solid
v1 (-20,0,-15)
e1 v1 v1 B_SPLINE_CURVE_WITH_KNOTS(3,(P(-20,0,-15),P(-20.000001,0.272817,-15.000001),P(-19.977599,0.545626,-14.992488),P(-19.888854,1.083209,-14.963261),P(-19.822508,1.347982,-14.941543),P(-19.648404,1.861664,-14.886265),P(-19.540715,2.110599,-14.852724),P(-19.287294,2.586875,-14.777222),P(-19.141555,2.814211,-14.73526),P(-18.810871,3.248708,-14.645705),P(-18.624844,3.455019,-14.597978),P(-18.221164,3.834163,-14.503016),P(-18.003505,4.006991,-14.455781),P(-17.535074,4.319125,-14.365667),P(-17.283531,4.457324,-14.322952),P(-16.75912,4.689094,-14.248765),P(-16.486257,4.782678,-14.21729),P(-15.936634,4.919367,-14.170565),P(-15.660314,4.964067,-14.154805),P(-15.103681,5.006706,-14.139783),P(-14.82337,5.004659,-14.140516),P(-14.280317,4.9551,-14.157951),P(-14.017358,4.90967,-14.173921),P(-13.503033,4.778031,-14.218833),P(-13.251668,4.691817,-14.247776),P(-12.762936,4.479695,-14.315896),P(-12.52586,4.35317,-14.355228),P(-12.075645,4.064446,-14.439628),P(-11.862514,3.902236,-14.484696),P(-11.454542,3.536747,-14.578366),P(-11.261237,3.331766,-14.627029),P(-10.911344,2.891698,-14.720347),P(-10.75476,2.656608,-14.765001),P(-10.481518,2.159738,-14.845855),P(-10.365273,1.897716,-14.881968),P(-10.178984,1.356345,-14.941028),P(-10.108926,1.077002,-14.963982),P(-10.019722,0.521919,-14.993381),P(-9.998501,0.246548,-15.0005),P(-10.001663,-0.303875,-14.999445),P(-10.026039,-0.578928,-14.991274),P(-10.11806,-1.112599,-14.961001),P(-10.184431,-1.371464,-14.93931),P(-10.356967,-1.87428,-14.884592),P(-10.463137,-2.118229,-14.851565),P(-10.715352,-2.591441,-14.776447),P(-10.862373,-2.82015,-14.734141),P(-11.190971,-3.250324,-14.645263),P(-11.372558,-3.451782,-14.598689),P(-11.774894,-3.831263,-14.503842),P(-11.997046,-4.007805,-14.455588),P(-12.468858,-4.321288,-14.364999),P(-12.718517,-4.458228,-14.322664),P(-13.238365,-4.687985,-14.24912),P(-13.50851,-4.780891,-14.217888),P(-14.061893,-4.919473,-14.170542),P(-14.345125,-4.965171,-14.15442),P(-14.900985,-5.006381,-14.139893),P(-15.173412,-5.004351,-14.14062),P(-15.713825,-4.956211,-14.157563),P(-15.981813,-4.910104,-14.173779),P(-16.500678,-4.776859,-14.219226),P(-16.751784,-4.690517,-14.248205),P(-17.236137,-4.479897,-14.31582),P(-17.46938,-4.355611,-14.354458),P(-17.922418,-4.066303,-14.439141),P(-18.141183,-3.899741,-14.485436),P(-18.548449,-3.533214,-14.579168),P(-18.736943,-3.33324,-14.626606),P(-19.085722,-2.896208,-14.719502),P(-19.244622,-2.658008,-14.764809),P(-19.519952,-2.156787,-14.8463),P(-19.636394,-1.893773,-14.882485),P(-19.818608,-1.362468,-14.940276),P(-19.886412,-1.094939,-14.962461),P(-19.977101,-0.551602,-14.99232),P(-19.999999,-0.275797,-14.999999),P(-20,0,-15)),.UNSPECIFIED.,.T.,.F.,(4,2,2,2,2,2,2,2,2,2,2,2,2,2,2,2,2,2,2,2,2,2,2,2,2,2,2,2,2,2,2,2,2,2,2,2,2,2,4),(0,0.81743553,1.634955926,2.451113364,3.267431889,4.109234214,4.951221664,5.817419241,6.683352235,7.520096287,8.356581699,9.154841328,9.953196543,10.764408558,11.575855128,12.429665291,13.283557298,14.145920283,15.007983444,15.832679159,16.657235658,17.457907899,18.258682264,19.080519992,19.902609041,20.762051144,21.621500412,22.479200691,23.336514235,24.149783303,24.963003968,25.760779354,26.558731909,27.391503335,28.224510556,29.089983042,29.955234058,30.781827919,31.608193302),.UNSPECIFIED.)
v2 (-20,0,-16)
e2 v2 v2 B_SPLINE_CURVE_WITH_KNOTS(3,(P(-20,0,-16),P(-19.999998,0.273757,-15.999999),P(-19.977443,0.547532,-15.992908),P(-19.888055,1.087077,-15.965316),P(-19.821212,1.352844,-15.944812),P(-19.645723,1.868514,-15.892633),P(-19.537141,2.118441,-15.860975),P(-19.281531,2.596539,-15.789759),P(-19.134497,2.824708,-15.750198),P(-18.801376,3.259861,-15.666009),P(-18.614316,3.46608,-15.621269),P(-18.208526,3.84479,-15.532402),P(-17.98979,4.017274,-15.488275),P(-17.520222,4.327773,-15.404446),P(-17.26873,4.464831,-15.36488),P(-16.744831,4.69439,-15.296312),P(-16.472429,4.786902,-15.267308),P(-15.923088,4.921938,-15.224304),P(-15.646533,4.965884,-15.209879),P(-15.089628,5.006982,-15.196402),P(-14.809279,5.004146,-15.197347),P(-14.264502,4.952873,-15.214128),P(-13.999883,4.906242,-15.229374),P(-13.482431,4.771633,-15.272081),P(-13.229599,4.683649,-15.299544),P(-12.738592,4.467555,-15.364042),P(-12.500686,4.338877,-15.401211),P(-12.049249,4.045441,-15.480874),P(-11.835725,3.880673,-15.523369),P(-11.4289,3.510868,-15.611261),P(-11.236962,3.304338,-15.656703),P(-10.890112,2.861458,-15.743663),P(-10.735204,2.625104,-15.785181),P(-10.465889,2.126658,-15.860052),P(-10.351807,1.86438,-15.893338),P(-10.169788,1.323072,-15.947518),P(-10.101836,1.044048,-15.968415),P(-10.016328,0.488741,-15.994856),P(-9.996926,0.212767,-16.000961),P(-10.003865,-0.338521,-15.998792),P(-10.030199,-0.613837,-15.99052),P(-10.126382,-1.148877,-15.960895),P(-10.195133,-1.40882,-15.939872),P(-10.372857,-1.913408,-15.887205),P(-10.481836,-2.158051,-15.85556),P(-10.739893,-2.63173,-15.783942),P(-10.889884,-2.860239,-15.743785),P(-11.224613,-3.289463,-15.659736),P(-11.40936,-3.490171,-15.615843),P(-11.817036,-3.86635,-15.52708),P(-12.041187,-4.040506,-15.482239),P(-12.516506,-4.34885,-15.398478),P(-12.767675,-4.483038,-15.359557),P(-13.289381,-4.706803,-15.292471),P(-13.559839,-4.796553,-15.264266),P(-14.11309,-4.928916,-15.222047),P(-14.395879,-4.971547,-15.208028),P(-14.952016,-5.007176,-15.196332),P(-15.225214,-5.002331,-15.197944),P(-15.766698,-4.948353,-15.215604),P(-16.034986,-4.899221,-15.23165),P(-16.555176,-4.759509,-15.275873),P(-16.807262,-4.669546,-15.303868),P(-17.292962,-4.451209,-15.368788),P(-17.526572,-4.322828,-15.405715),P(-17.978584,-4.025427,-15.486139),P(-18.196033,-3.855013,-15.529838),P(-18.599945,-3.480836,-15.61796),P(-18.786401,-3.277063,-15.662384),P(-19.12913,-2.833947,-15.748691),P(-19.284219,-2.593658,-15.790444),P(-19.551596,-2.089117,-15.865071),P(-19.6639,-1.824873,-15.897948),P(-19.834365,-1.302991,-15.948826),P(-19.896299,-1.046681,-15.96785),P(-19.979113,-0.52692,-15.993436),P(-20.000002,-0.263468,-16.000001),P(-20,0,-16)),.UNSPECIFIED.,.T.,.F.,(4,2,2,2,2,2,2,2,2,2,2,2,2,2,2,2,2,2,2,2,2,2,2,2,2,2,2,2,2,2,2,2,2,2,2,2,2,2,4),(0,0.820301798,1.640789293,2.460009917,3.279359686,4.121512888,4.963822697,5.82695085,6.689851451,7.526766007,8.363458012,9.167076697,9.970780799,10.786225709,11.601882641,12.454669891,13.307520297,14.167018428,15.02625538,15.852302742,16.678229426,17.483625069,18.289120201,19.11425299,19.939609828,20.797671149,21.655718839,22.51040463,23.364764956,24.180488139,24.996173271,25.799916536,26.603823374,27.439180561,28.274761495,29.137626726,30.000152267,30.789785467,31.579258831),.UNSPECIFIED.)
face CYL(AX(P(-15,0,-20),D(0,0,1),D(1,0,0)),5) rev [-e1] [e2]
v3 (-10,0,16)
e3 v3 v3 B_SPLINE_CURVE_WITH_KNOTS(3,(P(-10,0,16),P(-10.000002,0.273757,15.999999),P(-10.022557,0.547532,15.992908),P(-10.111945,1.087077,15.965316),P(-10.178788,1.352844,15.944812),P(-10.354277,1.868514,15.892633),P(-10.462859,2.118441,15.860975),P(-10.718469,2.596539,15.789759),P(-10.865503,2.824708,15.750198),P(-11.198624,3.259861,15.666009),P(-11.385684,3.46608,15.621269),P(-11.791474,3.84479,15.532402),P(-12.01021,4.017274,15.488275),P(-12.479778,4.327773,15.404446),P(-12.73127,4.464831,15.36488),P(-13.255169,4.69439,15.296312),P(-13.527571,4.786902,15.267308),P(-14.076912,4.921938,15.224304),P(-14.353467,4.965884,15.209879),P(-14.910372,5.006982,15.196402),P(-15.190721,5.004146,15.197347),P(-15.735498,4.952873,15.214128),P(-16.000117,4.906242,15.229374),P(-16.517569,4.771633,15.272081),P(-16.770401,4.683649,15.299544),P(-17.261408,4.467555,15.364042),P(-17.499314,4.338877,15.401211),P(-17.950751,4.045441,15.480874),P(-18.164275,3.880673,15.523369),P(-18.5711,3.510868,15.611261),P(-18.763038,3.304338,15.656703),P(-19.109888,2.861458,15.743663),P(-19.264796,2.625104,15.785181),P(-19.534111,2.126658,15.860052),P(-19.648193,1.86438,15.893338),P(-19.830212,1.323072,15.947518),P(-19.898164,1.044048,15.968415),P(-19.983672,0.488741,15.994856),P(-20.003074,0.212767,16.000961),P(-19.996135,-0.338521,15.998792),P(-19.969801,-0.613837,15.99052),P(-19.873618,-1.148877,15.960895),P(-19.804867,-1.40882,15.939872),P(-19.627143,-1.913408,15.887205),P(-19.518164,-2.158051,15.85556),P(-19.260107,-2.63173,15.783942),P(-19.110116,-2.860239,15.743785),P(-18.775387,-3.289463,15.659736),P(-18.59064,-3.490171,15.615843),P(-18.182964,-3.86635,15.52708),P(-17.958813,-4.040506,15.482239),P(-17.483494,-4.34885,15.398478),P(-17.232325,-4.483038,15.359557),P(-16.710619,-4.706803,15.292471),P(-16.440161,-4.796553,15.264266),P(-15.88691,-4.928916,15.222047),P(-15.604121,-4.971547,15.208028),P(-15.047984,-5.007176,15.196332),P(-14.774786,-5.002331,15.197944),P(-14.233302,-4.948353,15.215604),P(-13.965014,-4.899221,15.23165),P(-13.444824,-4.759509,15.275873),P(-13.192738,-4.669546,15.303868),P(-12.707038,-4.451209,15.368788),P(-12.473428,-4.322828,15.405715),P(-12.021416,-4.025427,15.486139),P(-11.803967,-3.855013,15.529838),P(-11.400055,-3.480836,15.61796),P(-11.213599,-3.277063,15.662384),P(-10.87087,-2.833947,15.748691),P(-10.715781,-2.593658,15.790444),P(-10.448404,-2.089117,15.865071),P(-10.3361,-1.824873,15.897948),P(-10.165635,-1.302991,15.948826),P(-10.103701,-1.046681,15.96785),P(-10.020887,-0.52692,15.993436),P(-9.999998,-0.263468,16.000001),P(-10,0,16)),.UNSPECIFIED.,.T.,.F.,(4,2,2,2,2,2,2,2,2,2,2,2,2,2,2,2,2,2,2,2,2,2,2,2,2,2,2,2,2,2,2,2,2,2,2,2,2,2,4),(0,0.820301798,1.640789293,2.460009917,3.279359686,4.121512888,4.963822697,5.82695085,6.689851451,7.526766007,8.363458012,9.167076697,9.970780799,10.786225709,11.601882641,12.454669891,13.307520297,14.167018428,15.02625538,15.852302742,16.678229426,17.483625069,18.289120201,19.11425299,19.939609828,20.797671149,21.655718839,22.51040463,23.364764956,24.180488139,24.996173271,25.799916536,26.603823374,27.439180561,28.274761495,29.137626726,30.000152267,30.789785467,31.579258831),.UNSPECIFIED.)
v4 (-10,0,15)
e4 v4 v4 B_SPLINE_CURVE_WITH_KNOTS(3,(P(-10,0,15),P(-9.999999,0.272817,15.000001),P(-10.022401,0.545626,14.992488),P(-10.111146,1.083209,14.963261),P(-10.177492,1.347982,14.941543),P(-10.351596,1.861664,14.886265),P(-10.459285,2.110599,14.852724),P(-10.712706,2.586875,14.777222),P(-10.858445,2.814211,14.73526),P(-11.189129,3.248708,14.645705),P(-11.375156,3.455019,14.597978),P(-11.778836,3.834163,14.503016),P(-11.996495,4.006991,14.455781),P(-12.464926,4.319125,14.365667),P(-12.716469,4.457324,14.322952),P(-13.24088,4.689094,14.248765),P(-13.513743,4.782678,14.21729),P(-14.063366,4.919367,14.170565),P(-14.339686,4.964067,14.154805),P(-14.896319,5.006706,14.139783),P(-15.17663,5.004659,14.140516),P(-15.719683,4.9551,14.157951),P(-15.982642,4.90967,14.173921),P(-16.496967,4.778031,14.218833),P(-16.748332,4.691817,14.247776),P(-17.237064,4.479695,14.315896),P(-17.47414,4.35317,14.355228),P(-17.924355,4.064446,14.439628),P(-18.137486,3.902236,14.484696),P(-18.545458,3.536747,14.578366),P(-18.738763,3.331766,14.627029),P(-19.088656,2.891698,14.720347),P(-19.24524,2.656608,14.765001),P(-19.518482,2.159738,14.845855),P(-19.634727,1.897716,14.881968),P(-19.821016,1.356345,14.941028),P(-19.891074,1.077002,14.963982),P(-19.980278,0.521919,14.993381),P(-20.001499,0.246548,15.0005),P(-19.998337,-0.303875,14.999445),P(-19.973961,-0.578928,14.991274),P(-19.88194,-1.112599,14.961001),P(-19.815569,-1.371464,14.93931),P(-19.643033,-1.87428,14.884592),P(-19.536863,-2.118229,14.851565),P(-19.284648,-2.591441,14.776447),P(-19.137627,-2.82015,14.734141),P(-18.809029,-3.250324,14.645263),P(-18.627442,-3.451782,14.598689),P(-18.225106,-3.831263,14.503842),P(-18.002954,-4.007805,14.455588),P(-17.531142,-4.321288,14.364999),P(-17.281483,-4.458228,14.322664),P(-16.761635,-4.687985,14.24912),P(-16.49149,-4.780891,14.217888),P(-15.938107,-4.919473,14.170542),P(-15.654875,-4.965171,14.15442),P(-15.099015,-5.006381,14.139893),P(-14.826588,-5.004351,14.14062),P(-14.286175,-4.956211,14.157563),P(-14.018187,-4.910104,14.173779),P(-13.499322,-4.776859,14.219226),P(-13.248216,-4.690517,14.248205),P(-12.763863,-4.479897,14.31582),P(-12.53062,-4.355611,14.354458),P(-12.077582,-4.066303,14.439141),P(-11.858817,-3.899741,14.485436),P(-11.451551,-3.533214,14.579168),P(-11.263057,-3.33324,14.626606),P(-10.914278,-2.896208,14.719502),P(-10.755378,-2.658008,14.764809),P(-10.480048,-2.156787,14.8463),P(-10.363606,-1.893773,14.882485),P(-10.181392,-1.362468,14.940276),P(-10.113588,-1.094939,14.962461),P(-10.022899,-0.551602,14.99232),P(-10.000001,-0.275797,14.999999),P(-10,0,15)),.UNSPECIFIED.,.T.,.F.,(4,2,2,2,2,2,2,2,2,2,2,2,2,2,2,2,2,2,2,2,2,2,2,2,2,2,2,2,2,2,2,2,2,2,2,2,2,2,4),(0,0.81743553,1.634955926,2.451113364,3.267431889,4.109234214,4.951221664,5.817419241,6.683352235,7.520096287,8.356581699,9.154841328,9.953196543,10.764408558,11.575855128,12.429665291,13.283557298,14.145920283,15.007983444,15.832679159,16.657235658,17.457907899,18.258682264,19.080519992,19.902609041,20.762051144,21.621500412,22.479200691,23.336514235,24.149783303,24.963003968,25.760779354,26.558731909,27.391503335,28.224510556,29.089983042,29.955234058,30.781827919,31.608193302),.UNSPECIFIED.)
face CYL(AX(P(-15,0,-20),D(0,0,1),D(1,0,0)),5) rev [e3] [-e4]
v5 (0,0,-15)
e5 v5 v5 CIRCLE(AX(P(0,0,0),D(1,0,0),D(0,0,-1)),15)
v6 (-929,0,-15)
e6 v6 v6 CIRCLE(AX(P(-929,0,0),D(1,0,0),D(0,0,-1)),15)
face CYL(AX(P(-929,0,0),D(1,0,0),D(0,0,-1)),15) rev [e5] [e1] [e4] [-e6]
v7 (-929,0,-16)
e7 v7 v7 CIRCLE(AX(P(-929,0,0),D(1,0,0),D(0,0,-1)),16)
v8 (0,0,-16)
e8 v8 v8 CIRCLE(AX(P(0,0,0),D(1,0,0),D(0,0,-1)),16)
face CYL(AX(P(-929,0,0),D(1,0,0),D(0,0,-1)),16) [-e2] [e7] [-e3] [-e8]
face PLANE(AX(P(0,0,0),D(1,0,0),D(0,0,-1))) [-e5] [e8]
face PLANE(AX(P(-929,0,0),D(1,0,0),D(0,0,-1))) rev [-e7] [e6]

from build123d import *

# Parameters (mm, degrees)
SKETCH2_R           = 16
SKETCH2_R_2         = 15
EXTRUDE_THIN1_DEPTH = 929
SKETCH4_R           = 5
CUT_EXTRUDE1_DEPTH  = 20


with BuildPart() as part:
    # Sketch2 → Extrude-Thin1 (new body)
    with BuildSketch(Plane(origin=(0, 0, 0), x_dir=(0, 0, -1), z_dir=(1, 0, 0))):
        Circle(SKETCH2_R)
        Circle(SKETCH2_R_2, mode=Mode.SUBTRACT)
    extrude(amount=-EXTRUDE_THIN1_DEPTH)

    # Sketch4 → Cut-Extrude1 (cut, symmetric)
    with BuildSketch(Plane.XY):
        with Locations((-15, 0)):
            Circle(SKETCH4_R)
    extrude(amount=CUT_EXTRUDE1_DEPTH, both=True, mode=Mode.SUBTRACT)


solid = part.part
